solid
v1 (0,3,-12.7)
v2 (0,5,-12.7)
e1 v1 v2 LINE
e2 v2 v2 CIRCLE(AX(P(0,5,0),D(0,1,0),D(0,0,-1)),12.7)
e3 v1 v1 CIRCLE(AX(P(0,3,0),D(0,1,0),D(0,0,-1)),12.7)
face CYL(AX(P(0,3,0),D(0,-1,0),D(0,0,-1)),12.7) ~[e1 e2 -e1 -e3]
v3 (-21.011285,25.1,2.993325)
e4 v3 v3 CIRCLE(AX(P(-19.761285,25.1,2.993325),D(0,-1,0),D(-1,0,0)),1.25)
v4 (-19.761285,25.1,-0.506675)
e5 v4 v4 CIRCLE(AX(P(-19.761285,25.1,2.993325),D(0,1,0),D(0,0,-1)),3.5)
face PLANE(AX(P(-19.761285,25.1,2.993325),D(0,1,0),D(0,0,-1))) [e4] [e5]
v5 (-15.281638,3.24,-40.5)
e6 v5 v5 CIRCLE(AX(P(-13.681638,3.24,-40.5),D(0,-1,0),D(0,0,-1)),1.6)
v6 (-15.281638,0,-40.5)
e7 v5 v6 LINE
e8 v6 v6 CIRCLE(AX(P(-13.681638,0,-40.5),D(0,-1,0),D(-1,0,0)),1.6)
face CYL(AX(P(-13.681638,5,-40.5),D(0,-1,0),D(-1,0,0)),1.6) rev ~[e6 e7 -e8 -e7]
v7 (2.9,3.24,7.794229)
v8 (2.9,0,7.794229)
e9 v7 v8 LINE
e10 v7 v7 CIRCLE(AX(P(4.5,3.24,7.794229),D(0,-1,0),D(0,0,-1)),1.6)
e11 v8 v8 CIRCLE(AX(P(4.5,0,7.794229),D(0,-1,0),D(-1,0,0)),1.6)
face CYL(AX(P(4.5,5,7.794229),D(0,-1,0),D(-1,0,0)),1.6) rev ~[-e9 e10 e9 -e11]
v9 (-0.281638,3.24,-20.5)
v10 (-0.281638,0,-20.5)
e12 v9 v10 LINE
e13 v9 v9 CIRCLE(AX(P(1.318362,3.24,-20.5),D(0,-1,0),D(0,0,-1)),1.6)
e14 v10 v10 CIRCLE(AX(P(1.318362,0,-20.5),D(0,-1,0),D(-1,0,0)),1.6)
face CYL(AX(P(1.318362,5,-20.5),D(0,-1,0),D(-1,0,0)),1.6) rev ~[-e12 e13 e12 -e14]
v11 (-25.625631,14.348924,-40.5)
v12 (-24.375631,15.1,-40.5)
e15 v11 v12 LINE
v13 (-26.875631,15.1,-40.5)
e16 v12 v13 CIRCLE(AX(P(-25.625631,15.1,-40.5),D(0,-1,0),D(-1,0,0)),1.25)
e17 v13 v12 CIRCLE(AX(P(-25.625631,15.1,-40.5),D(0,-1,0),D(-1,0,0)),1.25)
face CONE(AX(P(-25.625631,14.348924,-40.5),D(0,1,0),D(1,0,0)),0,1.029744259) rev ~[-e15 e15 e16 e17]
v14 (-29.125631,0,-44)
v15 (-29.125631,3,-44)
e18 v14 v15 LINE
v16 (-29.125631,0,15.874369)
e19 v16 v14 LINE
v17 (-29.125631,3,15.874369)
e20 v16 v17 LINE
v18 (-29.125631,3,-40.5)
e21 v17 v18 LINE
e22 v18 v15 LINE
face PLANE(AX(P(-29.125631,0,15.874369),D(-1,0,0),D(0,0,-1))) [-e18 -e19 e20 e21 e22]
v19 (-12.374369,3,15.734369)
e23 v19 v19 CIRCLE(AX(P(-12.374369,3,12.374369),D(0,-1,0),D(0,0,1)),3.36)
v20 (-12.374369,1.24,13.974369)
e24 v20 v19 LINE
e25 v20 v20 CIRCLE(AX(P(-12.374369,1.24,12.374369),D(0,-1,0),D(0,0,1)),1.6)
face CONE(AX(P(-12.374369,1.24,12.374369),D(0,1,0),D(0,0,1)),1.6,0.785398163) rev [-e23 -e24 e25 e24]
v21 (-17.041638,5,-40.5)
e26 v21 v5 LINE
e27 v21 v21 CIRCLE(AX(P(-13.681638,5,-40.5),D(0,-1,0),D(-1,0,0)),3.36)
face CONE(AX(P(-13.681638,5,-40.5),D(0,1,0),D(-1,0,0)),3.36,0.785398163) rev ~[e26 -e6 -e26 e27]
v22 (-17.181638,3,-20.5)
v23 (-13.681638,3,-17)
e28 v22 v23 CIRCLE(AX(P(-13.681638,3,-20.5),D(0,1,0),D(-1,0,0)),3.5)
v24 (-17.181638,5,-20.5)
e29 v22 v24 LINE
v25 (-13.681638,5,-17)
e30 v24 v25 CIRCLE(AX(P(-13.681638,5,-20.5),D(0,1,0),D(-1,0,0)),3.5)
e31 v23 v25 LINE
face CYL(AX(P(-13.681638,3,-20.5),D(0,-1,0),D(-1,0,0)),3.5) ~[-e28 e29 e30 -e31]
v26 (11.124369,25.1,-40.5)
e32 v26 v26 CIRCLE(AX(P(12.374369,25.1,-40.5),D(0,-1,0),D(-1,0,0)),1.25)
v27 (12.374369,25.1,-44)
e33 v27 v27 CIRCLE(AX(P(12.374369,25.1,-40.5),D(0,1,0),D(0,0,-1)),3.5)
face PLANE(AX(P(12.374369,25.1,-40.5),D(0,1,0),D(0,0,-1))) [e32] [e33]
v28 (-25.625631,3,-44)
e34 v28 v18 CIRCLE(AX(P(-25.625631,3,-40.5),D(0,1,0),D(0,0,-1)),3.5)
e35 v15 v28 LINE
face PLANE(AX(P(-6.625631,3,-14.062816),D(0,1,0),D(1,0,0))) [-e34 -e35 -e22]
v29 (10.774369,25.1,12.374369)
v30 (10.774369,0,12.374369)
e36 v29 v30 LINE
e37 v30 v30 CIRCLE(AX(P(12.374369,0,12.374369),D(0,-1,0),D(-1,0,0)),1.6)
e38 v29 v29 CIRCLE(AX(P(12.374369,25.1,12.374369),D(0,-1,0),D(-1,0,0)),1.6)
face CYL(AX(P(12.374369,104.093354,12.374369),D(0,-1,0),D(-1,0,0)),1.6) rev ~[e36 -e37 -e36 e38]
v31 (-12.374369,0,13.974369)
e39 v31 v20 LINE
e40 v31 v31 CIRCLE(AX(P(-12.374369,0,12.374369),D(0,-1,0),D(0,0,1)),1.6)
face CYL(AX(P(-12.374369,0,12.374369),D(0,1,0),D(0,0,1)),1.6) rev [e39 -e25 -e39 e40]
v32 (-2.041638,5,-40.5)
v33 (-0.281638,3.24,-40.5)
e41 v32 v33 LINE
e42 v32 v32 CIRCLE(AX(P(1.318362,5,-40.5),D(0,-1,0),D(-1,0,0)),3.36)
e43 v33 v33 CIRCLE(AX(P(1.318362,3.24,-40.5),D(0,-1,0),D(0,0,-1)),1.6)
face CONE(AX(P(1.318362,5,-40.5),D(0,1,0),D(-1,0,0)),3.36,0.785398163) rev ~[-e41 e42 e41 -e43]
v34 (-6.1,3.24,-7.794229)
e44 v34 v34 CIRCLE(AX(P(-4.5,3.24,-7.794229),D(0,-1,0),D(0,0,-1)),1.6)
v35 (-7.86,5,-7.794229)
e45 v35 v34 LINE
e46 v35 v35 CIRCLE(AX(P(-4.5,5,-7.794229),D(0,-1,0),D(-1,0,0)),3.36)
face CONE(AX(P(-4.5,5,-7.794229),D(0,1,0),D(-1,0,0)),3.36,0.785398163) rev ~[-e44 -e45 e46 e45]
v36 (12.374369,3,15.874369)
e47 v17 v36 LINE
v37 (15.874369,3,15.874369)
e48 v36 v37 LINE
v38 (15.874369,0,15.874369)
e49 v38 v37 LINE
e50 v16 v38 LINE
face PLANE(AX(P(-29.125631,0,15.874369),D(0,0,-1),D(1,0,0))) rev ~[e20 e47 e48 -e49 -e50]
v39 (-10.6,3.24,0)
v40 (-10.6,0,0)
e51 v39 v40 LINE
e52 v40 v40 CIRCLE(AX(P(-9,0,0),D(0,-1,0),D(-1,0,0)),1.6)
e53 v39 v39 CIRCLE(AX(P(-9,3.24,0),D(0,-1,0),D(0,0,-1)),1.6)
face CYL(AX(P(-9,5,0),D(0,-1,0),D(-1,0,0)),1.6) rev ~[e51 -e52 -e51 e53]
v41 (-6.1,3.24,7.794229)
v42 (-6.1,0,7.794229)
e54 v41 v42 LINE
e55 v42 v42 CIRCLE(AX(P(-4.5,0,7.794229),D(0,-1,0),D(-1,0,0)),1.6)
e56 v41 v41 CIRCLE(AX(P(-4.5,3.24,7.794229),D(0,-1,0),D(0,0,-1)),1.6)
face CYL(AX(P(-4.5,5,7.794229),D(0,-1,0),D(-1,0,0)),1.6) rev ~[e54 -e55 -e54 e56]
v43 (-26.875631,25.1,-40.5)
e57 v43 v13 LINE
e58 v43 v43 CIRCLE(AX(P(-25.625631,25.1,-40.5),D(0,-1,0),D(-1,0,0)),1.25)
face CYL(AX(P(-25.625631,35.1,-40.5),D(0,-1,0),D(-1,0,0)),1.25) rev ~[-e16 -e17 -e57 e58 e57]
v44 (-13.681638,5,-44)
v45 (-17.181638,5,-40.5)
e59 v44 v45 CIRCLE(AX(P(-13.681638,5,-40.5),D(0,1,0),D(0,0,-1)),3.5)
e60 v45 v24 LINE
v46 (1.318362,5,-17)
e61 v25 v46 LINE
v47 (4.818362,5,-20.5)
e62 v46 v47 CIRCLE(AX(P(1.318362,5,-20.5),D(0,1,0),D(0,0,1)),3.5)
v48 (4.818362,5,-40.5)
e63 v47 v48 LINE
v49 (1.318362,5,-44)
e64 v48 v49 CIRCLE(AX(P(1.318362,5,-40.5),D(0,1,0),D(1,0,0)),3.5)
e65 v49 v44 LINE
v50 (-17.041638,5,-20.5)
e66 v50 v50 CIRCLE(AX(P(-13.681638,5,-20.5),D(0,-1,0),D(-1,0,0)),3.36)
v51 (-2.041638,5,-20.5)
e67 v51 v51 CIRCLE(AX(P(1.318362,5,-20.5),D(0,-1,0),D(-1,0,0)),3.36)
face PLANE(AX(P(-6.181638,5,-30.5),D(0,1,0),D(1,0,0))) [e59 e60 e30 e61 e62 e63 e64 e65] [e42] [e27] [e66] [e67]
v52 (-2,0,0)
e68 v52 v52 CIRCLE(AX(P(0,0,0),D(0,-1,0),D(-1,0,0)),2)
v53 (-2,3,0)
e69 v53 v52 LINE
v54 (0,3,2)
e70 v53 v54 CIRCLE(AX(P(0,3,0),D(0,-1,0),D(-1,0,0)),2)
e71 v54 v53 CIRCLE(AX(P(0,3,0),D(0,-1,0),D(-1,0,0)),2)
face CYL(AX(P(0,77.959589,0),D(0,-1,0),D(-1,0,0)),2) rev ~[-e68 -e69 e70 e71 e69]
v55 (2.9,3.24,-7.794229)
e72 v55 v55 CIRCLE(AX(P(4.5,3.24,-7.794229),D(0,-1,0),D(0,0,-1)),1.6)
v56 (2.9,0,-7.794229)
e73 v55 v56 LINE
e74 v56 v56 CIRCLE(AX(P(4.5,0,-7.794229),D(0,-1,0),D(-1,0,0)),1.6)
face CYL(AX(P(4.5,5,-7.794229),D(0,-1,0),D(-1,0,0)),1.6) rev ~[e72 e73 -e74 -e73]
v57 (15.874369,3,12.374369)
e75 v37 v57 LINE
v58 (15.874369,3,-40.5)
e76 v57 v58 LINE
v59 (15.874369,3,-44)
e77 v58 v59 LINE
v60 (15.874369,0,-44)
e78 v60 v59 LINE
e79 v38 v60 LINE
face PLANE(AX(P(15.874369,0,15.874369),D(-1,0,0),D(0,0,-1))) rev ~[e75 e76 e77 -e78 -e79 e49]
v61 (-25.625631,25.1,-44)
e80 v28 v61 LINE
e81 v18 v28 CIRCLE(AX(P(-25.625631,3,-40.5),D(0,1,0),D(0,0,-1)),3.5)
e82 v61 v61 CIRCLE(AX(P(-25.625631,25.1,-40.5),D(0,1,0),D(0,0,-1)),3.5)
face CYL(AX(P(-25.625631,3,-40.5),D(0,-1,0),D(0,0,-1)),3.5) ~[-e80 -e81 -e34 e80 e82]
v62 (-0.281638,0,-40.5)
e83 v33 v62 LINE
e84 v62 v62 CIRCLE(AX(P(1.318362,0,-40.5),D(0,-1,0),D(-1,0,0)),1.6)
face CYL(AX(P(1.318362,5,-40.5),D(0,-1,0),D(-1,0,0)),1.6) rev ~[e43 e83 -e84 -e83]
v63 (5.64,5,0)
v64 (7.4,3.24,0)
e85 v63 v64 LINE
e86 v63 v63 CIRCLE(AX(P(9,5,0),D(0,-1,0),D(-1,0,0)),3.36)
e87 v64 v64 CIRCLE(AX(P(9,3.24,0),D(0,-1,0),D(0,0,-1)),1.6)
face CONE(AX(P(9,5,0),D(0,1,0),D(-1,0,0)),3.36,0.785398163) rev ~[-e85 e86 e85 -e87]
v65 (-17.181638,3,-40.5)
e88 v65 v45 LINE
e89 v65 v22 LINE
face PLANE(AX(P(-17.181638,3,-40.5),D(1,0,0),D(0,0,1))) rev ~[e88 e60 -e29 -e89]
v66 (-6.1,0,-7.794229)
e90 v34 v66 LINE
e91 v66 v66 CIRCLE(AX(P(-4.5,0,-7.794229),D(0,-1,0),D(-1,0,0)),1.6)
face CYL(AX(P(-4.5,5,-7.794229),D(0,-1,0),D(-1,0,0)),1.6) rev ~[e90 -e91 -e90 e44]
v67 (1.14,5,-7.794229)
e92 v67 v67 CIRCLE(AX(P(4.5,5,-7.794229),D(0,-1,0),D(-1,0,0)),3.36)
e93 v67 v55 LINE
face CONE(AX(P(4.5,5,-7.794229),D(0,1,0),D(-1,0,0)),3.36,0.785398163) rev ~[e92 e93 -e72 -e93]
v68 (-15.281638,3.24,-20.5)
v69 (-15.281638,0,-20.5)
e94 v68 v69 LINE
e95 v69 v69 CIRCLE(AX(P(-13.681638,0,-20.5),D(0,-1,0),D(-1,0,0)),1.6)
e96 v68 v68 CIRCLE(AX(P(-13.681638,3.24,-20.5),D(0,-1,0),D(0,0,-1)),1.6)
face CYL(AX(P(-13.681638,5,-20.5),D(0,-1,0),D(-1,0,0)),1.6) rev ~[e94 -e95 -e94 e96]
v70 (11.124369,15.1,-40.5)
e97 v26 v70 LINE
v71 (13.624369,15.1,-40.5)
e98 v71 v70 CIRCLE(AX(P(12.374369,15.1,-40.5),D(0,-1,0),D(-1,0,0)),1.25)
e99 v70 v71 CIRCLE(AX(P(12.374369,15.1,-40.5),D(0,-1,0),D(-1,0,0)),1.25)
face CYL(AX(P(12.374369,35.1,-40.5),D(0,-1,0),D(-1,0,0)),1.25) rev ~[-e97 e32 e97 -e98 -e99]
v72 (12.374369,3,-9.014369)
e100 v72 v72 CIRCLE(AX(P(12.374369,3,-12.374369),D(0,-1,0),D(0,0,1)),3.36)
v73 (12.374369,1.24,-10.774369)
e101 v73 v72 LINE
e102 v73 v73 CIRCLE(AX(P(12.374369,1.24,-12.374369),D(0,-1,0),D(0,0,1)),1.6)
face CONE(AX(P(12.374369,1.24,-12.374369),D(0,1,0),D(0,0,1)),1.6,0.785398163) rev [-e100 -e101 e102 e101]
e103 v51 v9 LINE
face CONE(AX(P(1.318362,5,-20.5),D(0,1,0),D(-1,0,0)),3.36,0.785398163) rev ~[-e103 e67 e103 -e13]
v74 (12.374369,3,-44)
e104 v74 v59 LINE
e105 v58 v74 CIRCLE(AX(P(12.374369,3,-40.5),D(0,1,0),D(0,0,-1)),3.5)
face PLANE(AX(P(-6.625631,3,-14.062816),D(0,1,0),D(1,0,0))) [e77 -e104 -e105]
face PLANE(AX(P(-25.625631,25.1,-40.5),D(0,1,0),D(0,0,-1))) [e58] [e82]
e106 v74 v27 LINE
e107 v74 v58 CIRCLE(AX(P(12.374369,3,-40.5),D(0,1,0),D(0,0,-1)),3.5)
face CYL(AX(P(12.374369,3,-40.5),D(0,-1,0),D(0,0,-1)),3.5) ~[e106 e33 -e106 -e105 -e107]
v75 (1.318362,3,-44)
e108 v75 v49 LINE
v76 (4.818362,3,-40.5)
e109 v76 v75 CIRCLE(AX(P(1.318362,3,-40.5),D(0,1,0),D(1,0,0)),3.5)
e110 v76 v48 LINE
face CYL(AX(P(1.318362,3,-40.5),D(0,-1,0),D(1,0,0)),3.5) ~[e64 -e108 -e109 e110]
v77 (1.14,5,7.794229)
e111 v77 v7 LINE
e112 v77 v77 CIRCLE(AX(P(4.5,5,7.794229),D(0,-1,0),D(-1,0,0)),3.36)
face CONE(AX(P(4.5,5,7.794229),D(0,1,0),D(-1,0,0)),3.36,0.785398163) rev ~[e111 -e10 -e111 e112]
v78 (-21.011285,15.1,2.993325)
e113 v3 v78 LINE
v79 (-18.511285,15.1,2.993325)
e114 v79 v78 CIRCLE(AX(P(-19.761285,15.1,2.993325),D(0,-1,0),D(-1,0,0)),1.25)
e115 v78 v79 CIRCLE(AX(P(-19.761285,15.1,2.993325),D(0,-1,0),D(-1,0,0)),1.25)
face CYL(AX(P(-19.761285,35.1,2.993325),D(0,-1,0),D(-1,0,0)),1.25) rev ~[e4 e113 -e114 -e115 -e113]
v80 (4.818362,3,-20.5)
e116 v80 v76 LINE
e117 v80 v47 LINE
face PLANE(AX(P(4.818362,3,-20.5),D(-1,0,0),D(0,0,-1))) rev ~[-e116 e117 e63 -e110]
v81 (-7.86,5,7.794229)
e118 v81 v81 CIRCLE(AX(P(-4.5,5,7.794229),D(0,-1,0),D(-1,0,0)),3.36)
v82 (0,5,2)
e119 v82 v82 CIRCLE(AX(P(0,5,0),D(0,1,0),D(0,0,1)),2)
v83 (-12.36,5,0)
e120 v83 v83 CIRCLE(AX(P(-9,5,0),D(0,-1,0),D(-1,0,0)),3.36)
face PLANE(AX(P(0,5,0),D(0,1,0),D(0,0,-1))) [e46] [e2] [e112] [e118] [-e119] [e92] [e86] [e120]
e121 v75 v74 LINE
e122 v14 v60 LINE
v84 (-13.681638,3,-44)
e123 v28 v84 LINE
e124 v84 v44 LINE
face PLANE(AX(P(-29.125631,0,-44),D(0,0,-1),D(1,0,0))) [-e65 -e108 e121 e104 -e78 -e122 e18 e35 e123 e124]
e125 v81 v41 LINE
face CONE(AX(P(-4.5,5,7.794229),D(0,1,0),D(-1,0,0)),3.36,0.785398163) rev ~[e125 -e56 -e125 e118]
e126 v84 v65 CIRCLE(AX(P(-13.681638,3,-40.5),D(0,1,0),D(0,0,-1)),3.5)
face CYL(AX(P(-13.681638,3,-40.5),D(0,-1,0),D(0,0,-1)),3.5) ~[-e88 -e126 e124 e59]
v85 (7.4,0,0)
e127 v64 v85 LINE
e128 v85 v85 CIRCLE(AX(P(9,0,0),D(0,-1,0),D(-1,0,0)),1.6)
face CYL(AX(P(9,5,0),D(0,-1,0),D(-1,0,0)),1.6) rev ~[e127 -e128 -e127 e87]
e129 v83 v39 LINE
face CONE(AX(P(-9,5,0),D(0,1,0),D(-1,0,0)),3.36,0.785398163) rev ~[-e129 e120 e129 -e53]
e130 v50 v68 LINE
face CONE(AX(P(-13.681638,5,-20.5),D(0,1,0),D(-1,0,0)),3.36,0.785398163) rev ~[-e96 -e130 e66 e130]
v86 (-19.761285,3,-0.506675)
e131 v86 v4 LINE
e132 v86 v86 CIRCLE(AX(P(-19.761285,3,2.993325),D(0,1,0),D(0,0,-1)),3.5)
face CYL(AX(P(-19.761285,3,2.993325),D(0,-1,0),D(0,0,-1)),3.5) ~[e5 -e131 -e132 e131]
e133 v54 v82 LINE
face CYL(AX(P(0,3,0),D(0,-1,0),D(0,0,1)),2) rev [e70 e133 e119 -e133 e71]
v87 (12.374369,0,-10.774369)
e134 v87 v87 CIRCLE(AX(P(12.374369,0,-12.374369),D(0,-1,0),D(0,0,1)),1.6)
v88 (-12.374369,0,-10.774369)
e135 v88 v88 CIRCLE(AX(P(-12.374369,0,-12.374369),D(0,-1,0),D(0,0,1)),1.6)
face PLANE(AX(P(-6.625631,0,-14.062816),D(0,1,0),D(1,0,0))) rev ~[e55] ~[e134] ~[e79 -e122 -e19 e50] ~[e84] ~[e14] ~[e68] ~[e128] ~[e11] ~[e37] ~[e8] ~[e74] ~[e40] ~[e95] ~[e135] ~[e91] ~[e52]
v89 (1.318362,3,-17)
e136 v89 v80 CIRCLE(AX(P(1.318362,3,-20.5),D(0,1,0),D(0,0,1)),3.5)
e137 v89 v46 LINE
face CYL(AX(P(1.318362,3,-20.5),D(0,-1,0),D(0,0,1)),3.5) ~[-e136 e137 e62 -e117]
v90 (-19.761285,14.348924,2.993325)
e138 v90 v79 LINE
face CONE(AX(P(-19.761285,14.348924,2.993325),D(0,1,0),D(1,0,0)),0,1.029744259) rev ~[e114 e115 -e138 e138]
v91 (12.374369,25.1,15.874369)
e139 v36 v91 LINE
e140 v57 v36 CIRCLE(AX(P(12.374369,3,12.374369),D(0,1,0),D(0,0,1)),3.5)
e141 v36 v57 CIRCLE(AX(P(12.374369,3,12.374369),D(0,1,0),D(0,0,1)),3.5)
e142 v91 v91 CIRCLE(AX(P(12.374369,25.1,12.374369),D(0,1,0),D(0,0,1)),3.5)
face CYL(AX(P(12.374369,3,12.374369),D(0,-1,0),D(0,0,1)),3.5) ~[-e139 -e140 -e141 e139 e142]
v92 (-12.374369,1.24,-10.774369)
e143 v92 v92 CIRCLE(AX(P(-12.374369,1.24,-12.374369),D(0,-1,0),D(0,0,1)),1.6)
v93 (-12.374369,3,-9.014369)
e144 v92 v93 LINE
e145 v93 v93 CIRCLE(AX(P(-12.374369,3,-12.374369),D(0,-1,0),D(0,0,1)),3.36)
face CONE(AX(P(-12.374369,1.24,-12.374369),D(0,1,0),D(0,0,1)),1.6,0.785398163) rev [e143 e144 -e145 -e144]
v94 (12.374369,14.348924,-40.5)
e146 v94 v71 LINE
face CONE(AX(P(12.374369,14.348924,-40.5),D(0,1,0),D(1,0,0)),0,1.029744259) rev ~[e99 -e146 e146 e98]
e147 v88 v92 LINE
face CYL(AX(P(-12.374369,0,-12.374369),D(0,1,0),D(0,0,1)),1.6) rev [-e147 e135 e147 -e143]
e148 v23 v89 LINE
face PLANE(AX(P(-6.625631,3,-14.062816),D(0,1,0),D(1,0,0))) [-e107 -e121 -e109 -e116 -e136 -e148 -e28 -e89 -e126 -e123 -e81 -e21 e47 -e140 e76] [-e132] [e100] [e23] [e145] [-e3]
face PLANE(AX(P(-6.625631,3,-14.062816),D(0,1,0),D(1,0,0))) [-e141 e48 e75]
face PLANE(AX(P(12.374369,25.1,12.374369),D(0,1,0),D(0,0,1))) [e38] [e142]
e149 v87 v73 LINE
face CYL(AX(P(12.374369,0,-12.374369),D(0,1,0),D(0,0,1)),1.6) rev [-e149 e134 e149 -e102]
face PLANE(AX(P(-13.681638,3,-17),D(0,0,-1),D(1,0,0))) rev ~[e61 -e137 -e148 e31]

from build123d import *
from build123d.topology import SkipClean

# Parameters (mm, degrees)
SKETCH2_W                           = 45
SKETCH2_H                           = 59.874368671
MAIN_EXTRUDE_DEPTH                  = 3
BOWDEN_HOLE_D                       = 4
SKETCH7_R                           = 3.5
SPACER_PILLARS_DEPTH                = 22.1
TOP_THREADS_D                       = 2.5
TOP_THREADS_DEPTH                   = 10
TOP_THREADS_TIP                     = 0.751075774
TOP_THROUGH_HOLE_D                  = 3.2
SKETCH28_R                          = 12.7
SKETCH28_R_2                        = 2
BOSS_EXTRUDE3_DEPTH                 = 2
CHUBE_MOUNTING_D                    = 3.2
CHUBE_MOUNTING_CSINK_D              = 6.72
CHUBE_MOUNTING_CSINK_ANGLE          = 90
BOSS_EXTRUDE4_DEPTH                 = 2
CARRIAGE_HOLES_D                    = 3.2
CARRIAGE_HOLES_DEPTH                = 8
CARRIAGE_HOLES_CSINK_D              = 6.72
CARRIAGE_HOLES_CSINK_ANGLE          = 90
CARRIAGE_HOLES_TIP                  = 0.96137699
BEACON_SLM_SUPPORT_HOLES_AT_2_COUNT = 2
BEACON_SLM_SUPPORT_HOLES_AT_2_PITCH = 24.748737342
BEACON_SLM_SUPPORT_HOLES_AT_3_COUNT = 2
BEACON_SLM_SUPPORT_HOLES_AT_3_PITCH = 24.748737342


with BuildPart() as part:
    # Sketch2 → Main Extrude (new body)
    with BuildSketch(Plane(origin=(0, 0, 0), x_dir=(1, 0, 0), z_dir=(0, 1, 0))):
        with Locations((-6.625631329, 14.062815665)):
            Rectangle(SKETCH2_W, SKETCH2_H)
    extrude(amount=MAIN_EXTRUDE_DEPTH)

    # Bowden Hole (through all)
    with Locations(Plane(origin=(0, 3, 0), x_dir=(1, 0, 0), z_dir=(0, 1, 0))):
        with Locations((0, 0)):
            Hole(BOWDEN_HOLE_D / 2)

    # Sketch7 → Spacer Pillars (add)
    with BuildSketch(Plane(origin=(0, 3, 0), x_dir=(1, 0, 0), z_dir=(0, 1, 0))):
        with Locations(Location((-25.625631329, 40.5, 0), (0, 0, 90))):
            Circle(SKETCH7_R)
        with Locations(Location((12.374368671, 40.5, 0), (0, 0, 90))):
            Circle(SKETCH7_R)
        with Locations(Location((-19.761284896, -2.993325275, 0), (0, 0, 90))):
            Circle(SKETCH7_R)
        with Locations(Location((12.374368671, -12.374368671, 0), (0, 0, 270))):
            Circle(SKETCH7_R)
    extrude(amount=SPACER_PILLARS_DEPTH)

    # Top Threads
    with Locations(Plane(origin=(0, 25.1, 0), x_dir=(1, 0, 0), z_dir=(0, 1, 0))):
        with Locations((12.374368671, 40.5), (-19.761284896, -2.993325275), (-25.625631329, 40.5)):
            Hole(TOP_THREADS_D / 2, depth=TOP_THREADS_DEPTH)
            with Locations((0, 0, -(TOP_THREADS_DEPTH + TOP_THREADS_TIP / 2))):  # 118° drill point
                Cone(0, TOP_THREADS_D / 2, TOP_THREADS_TIP, mode=Mode.SUBTRACT)

    # Top Through Hole (through all)
    with Locations(Plane(origin=(0, 25.1, 0), x_dir=(1, 0, 0), z_dir=(0, 1, 0))):
        with Locations((12.374368671, -12.374368671)):
            Hole(TOP_THROUGH_HOLE_D / 2)

    # Sketch28 → Boss-Extrude3 (add)
    with SkipClean():  # the faces are left unmerged after this step: merging them gives an invalid solid
        with BuildSketch(Plane(origin=(0, 3, 0), x_dir=(1, 0, 0), z_dir=(0, 1, 0))):
            with Locations(Location((0, 0, 0), (0, 0, 90))):
                Circle(SKETCH28_R)
            with Locations(Location((0, 0, 0), (0, 0, 270))):
                Circle(SKETCH28_R_2, mode=Mode.SUBTRACT)
        extrude(amount=BOSS_EXTRUDE3_DEPTH)

    # Chube Mounting (through all)
    with Locations(Plane(origin=(0, 5, 0), x_dir=(1, 0, 0), z_dir=(0, 1, 0))):
        with Locations((-4.5, 7.794228634), (4.5, 7.794228634), (9, 0), (4.5, -7.794228634), (-4.5, -7.794228634), (-9, 0)):
            CounterSinkHole(CHUBE_MOUNTING_D / 2, CHUBE_MOUNTING_CSINK_D / 2, counter_sink_angle=CHUBE_MOUNTING_CSINK_ANGLE)

    # Sketch29 → Boss-Extrude4 (add)
    with SkipClean():  # the faces are left unmerged after this step: merging them gives an invalid solid
        with BuildSketch(Plane(origin=(0, 3, 0), x_dir=(1, 0, 0), z_dir=(0, 1, 0))):
            with BuildLine():
                Line((-17.181637577, 40.5), (-17.181637577, 20.5))
                ThreePointArc((-17.181637577, 20.5), (-16.156511311, 18.025126266), (-13.681637577, 17))
                Line((-13.681637577, 17), (1.318362423, 17))
                ThreePointArc((1.318362423, 17), (3.793236157, 18.025126266), (4.818362423, 20.5))
                Line((4.818362423, 20.5), (4.818362423, 40.5))
                ThreePointArc((4.818362423, 40.5), (3.793236157, 42.974873734), (1.318362423, 44))
                Line((1.318362423, 44), (-13.681637577, 44))
                ThreePointArc((-13.681637577, 44), (-16.156511311, 42.974873734), (-17.181637577, 40.5))
            make_face()
        extrude(amount=BOSS_EXTRUDE4_DEPTH)

    # Carriage Holes
    with Locations(Plane(origin=(0, 5, 0), x_dir=(1, 0, 0), z_dir=(0, 1, 0))):
        with Locations((1.318362423, 40.5), (1.318362423, 20.5), (-13.681637577, 20.5), (-13.681637577, 40.5)):
            CounterSinkHole(CARRIAGE_HOLES_D / 2, CARRIAGE_HOLES_CSINK_D / 2, depth=CARRIAGE_HOLES_DEPTH, counter_sink_angle=CARRIAGE_HOLES_CSINK_ANGLE)
            with Locations((0, 0, -(CARRIAGE_HOLES_DEPTH + CARRIAGE_HOLES_TIP / 2))):  # 118° drill point
                Cone(0, CARRIAGE_HOLES_D / 2, CARRIAGE_HOLES_TIP, mode=Mode.SUBTRACT)

    # Sketch25 → Beacon SLM Support Holes (revolve, cut)
    with SkipClean():  # the faces are left unmerged after this step: merging them gives an invalid solid
        with BuildSketch(Plane(origin=(-12.374368671, 3, -12.374368671), x_dir=(0, 0, 1), z_dir=(1, 0, 0))):
            Polygon((0, 0), (0, 3), (1.6, 3), (1.6, 1.76), (3.36, 0), align=None)
        beacon_slm_support_holes = revolve(axis=Axis((-12.374368671, 9.35, -12.374368671), (0, -1, 0)), mode=Mode.SUBTRACT)

    # Beacon SLM Support Holes at 2: Beacon SLM Support Holes ×2
    with SkipClean():  # the faces are left unmerged after this step: merging them gives an invalid solid
        with Locations(*[(i * BEACON_SLM_SUPPORT_HOLES_AT_2_PITCH, 0, 0) for i in range(1, BEACON_SLM_SUPPORT_HOLES_AT_2_COUNT)]):
            add(beacon_slm_support_holes, mode=Mode.SUBTRACT)

    # Beacon SLM Support Holes at 3: Beacon SLM Support Holes ×2
    with SkipClean():  # the faces are left unmerged after this step: merging them gives an invalid solid
        with Locations(*[(0, 0, i * BEACON_SLM_SUPPORT_HOLES_AT_3_PITCH) for i in range(1, BEACON_SLM_SUPPORT_HOLES_AT_3_COUNT)]):
            add(beacon_slm_support_holes, mode=Mode.SUBTRACT)


solid = part.part
